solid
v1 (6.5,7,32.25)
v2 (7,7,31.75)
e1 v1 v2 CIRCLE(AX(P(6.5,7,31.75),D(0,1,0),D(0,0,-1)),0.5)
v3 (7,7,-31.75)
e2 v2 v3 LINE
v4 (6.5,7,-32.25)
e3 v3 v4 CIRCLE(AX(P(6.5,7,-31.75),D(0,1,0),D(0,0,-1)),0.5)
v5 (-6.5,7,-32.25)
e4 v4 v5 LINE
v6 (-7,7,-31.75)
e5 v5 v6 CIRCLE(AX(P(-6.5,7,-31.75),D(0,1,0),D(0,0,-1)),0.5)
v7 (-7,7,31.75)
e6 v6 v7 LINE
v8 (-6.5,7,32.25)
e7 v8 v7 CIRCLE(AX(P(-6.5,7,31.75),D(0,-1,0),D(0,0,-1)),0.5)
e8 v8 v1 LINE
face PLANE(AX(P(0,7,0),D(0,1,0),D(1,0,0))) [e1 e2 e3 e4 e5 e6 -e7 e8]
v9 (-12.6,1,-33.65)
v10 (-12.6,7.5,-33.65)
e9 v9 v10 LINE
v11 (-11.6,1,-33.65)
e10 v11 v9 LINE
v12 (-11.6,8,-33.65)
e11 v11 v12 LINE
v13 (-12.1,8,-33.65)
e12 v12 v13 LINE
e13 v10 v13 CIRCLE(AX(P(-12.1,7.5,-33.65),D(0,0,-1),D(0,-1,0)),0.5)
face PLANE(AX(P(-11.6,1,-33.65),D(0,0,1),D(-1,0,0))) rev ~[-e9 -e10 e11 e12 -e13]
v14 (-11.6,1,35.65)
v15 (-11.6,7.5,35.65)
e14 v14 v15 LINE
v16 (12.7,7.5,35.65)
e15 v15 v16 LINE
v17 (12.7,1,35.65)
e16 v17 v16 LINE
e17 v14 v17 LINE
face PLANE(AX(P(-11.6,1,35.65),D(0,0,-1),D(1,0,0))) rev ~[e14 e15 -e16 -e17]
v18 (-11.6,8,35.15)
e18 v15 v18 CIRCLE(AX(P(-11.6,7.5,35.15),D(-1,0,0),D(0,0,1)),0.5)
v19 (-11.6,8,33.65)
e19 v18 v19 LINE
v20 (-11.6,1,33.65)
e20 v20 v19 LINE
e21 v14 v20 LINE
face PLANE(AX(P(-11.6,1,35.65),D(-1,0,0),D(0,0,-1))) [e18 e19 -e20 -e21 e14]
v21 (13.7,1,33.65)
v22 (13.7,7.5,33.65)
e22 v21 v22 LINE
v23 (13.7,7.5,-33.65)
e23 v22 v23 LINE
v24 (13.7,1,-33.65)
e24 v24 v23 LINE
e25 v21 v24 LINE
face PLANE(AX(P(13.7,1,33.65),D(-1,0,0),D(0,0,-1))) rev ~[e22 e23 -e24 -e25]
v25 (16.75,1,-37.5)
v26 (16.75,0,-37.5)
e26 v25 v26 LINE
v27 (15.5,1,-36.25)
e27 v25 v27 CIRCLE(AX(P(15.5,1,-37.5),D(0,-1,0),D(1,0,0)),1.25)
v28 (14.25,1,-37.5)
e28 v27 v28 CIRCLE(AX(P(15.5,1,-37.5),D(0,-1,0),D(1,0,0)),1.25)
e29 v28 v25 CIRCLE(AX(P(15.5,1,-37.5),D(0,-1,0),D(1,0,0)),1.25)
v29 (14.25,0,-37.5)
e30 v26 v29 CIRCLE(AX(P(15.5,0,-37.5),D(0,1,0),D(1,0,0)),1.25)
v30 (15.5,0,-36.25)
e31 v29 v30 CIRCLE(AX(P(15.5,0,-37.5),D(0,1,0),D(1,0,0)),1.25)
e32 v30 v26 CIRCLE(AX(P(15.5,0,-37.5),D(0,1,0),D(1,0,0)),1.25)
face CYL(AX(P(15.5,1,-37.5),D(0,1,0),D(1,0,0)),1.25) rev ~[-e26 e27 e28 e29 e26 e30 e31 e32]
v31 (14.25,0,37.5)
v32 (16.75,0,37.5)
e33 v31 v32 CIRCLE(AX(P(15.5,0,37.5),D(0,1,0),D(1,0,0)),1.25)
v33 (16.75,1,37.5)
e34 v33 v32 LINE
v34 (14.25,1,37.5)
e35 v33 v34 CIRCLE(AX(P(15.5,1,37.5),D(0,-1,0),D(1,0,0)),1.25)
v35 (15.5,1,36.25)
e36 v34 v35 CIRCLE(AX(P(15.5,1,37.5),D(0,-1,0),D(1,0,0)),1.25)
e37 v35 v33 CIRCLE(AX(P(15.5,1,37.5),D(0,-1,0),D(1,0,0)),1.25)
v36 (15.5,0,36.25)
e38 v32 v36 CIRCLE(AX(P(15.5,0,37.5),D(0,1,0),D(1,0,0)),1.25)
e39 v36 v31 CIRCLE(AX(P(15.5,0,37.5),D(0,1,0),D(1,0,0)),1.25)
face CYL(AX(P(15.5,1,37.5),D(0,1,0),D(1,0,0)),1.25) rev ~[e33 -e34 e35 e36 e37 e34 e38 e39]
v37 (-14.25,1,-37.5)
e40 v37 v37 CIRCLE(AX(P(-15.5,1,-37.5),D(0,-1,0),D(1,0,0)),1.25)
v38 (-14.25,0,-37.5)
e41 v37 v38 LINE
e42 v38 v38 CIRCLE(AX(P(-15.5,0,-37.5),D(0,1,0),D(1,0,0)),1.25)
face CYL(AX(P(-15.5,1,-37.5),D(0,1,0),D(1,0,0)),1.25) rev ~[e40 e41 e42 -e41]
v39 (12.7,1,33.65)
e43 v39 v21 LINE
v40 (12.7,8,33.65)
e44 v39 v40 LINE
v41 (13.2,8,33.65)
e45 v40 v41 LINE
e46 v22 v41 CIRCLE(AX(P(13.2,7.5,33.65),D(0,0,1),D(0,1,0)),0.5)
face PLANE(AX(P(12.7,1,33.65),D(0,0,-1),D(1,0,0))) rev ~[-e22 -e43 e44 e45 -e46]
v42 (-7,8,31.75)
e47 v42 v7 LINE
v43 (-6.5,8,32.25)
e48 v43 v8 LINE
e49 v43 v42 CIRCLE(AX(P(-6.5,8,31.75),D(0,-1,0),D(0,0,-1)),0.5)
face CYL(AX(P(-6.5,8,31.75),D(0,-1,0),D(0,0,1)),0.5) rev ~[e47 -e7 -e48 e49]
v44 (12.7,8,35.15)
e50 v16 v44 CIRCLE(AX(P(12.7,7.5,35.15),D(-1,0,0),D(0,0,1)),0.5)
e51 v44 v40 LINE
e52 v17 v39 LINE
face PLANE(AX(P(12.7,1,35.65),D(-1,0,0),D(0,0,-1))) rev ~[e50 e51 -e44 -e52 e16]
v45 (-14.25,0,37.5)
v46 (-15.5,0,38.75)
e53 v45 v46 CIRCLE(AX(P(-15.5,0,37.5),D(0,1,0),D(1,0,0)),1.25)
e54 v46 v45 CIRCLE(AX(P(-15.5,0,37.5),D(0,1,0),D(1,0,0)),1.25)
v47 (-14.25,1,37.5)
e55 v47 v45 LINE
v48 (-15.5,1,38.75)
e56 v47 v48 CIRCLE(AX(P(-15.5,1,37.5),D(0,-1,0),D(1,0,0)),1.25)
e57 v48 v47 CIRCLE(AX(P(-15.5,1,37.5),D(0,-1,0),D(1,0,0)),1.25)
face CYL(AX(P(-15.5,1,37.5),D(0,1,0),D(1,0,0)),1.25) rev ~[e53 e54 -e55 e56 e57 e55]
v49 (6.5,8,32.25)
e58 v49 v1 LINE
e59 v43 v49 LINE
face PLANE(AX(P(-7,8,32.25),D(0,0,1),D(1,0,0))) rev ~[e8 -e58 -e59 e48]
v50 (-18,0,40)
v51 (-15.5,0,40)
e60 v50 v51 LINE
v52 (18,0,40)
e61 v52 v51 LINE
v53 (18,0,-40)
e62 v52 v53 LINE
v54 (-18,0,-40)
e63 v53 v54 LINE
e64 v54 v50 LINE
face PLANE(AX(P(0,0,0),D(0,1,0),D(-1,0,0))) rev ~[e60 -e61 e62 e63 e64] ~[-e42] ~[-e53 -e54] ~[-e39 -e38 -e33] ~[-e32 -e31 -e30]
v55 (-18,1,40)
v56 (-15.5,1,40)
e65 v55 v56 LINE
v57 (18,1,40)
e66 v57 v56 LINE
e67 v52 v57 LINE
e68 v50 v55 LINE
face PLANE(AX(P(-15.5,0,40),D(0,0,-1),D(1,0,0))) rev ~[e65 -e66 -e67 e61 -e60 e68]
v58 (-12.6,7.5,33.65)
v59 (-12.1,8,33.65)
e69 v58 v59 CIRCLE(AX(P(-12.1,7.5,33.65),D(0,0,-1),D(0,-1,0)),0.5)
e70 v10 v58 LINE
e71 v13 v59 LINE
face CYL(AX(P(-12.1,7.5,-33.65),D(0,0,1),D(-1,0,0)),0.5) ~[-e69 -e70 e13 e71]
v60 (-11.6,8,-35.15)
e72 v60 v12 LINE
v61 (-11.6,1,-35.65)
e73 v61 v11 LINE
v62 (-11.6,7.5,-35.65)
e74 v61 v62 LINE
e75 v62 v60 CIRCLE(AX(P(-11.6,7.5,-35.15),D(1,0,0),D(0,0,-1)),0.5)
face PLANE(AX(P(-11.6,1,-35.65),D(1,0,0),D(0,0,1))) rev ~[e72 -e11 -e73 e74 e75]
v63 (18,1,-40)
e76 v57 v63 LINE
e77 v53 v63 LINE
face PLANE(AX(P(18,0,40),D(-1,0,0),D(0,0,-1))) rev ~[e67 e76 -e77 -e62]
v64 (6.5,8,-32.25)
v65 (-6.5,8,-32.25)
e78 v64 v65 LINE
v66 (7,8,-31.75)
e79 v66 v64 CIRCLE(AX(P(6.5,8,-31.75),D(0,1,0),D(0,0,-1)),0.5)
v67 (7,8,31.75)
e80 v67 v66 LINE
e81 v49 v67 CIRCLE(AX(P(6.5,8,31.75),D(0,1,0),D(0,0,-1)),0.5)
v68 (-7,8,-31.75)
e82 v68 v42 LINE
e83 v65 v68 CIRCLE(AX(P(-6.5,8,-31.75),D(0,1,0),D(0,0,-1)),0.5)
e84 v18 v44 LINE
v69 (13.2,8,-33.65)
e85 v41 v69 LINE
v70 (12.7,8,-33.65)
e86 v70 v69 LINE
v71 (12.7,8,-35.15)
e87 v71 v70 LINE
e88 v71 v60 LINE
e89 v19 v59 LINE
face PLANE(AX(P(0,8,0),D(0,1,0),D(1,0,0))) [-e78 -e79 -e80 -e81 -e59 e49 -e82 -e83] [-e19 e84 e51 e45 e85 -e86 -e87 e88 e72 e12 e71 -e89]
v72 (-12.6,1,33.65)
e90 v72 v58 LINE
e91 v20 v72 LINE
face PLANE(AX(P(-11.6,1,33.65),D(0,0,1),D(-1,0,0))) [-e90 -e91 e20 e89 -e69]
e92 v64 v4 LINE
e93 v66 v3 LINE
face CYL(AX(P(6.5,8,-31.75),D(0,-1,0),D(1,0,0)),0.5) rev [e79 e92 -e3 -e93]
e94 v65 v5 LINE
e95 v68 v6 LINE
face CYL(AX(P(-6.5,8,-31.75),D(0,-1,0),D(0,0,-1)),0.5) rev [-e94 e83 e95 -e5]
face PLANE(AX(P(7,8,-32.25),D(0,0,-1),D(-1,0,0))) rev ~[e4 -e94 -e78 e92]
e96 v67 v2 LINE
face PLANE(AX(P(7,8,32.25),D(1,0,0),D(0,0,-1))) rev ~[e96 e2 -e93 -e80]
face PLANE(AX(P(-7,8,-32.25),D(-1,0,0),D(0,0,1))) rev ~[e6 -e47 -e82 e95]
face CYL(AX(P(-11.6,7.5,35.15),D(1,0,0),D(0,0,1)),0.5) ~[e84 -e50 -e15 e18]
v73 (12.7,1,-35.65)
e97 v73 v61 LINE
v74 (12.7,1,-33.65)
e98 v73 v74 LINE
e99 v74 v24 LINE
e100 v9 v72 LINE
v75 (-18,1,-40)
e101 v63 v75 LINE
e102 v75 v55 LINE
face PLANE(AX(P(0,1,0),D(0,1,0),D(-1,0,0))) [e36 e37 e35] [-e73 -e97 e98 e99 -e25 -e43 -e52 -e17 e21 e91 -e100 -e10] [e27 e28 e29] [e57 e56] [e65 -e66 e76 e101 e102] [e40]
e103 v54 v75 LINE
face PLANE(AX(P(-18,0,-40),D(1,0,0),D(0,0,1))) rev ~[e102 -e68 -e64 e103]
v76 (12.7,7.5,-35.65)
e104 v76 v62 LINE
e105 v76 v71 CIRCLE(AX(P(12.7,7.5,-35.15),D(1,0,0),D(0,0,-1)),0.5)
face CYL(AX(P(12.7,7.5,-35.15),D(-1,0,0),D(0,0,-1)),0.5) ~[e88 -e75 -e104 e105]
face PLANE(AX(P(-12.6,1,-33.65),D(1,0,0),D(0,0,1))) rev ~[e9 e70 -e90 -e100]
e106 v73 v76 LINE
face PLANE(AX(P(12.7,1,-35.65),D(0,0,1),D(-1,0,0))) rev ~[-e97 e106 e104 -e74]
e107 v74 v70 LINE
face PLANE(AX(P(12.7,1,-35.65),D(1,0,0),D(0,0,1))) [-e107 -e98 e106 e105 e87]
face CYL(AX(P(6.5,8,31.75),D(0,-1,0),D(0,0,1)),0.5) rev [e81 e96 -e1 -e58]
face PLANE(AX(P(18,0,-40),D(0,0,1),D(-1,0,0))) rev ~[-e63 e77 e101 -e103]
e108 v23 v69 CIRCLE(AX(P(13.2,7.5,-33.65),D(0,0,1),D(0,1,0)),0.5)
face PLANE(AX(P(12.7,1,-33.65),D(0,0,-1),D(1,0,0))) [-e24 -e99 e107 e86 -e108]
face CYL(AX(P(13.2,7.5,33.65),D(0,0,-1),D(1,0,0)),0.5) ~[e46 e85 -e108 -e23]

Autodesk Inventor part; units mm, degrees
ref_plane "YZ Plane" through (0, 0, 0) normal (1, 0, 0) x (0, 1, 0)
ref_plane "XZ Plane" through (0, 0, 0) normal (0, 1, 0) x (-1, 0, 0)
ref_plane "XY Plane" through (0, 0, 0) normal (0, 0, 1) x (1, 0, 0)
sketch "Sketch1" plane through (0, 0, 0) normal (0, 1, 0) x (-1, 0, 0)
  line L0 (-18, 40) -> (-18, -40)
  line L1 (-18, -40) -> (18, -40)
  line L2 (18, -40) -> (18, 40)
  line L3 (18, 40) -> (-18, 40)
  line L4 (-18, 40) -> (18, -40) construction
  line L5 (-18, -40) -> (18, 40) construction
  line L6 (18, 40) -> (-0.55, 40)
  line L7 (18, 40) -> (15.5, 40)
  line L8 (15.5, 40) -> (15.5, 37.5)
  circle A0 centre (15.5, 37.5) radius 1.25
  line L9 (15.5, 37.5) -> (-15.5, 37.5)
  line L10 (-15.5, 37.5) -> (-15.5, -37.5)
  line L11 (-15.5, -37.5) -> (15.5, -37.5)
  circle A1 centre (-15.5, 37.5) radius 1.25
  circle A2 centre (-15.5, -37.5) radius 1.25
  circle A3 centre (15.5, -37.5) radius 1.25
  point P0 (0, 0)
  dimension "d0" = 80
  dimension "d1" = 36
  dimension "d2" = 18.55
  dimension "d25" = 2.5
  dimension "d26" = 2.5
  dimension "d27" = 2.5
  dimension "d28" = 31
  dimension "d29" = 75
  dimension "d30" = 31
  dimension "d31" = 2.5
  dimension "d32" = 2.5
  dimension "d33" = 2.5
extrude "Extrusion1" add sketch "Sketch1" along normal blind 1 contours A3 | A2 L11 L10 | L10 L11 A2 | A1 L10 L9 | L9 L10 A1 | A0 L9 L8 | L8 L9 A0 | L3 L2 L1 L0
sketch "Sketch2" plane through (0, 1, 0) normal (0, 1, 0) x (1, 0, 0)
  line L0 (18, -40) -> (18, 40) projected
  line L1 (18, 40) -> (-18, 40) projected
  line L2 (-18, 40) -> (-18, -40) projected
  line L3 (-18, -40) -> (18, -40) projected
  line L4 (-18, -40) -> (0.55, -40)
  line L5 (-18, -40) -> (18, -40) projected
  line L6 (-11.6, -35.65) -> (-11.6, -33.65)
  line L7 (-11.6, -33.65) -> (-12.6, -33.65)
  line L8 (12.7, -35.65) -> (12.7, -33.65)
  line L9 (12.7, -33.65) -> (13.7, -33.65)
  line L10 (12.7, 35.65) -> (12.7, 33.65)
  line L11 (12.7, 33.65) -> (13.7, 33.65)
  line L12 (-11.6, 35.65) -> (-11.6, 33.65)
  line L13 (-11.6, 33.65) -> (-12.6, 33.65)
  line L14 (-11.6, -35.65) -> (12.7, -35.65)
  line L15 (13.7, -33.65) -> (13.7, 33.65)
  line L16 (12.7, 35.65) -> (-11.6, 35.65)
  line L17 (-12.6, 33.65) -> (-12.6, -33.65)
  point P0 (0, 0)
  dimension "d10" = 2
  dimension "d12" = 2
  dimension "d14" = 2
  dimension "d16" = 2
extrude "Extrusion2" add sketch "Sketch2" along normal blind 7 contours L6 L7 L17 L13 L12 L16 L10 L11 L15 L9 L8 L14
fillet "Fillet1" radius 0.5 4 edges at (-12.6, 8, 0) (0.55, 8, -35.65) (13.7, 8, 0) (0.55, 8, 35.65)
sketch "Sketch3" plane through (0, 8, 0) normal (0, 1, 0) x (1, 0, 0)
  line L0 (7, -32.25) -> (7, 32.25)
  line L1 (7, 32.25) -> (-7, 32.25)
  line L2 (-7, 32.25) -> (-7, -32.25)
  line L3 (-7, -32.25) -> (7, -32.25)
  line L4 (7, -32.25) -> (-7, 32.25) construction
  line L5 (7, 32.25) -> (-7, -32.25) construction
  point P0 (0, 0)
  dimension "d20" = 64.5
  dimension "d21" = 14
extrude "Extrusion3" cut sketch "Sketch3" against normal blind 1
fillet "Fillet2" radius 0.5 4 edges at (7, 7.5, -32.25) (7, 7.5, 32.25) (-7, 7.5, 32.25) (-7, 7.5, -32.25)
sketch "Sketch4" plane through (0, 1, 0) normal (0, 1, 0) x (1, 0, 0)
  line L0 (-18, 40) -> (-18, -40)
  line L1 (-18, -40) -> (18, -40)
  line L2 (18, -40) -> (18, 40)
  line L3 (18, 40) -> (-18, 40)
  line L4 (-18, 40) -> (18, -40) construction
  line L5 (-18, -40) -> (18, 40) construction
  line L6 (18, 40) -> (-0.55, 40)
  line L7 (18, 40) -> (15.5, 40)
  line L8 (15.5, 40) -> (15.5, 37.5)
  circle A0 centre (15.5, 37.5) radius 1.25
  line L9 (15.5, 37.5) -> (-15.5, 37.5)
  line L10 (-15.5, 37.5) -> (-15.5, -37.5)
  line L11 (-15.5, -37.5) -> (15.5, -37.5)
  circle A1 centre (-15.5, 37.5) radius 1.25
  circle A2 centre (-15.5, -37.5) radius 1.25
  circle A3 centre (15.5, -37.5) radius 1.25
  point P0 (0, 0)
  point P1 (0, 0)
  dimension "d34" = 80
  dimension "d35" = 36
  dimension "d36" = 18.55
  dimension "d37" = 2.5
  dimension "d38" = 2.5
  dimension "d39" = 2.5
  dimension "d40" = 31
  dimension "d41" = 75
  dimension "d42" = 31
  dimension "d43" = 2.5
  dimension "d44" = 2.5
  dimension "d45" = 2.5
extrude "Extrusion4" cut sketch "Sketch4" against normal blind 1 contours A3 | A2 L11 L10 | L10 L11 A2 | A1 L10 L9 | L9 L10 A1 | A0 L9 L8 | L8 L9 A0
properties part number "lcd05-16x2"
